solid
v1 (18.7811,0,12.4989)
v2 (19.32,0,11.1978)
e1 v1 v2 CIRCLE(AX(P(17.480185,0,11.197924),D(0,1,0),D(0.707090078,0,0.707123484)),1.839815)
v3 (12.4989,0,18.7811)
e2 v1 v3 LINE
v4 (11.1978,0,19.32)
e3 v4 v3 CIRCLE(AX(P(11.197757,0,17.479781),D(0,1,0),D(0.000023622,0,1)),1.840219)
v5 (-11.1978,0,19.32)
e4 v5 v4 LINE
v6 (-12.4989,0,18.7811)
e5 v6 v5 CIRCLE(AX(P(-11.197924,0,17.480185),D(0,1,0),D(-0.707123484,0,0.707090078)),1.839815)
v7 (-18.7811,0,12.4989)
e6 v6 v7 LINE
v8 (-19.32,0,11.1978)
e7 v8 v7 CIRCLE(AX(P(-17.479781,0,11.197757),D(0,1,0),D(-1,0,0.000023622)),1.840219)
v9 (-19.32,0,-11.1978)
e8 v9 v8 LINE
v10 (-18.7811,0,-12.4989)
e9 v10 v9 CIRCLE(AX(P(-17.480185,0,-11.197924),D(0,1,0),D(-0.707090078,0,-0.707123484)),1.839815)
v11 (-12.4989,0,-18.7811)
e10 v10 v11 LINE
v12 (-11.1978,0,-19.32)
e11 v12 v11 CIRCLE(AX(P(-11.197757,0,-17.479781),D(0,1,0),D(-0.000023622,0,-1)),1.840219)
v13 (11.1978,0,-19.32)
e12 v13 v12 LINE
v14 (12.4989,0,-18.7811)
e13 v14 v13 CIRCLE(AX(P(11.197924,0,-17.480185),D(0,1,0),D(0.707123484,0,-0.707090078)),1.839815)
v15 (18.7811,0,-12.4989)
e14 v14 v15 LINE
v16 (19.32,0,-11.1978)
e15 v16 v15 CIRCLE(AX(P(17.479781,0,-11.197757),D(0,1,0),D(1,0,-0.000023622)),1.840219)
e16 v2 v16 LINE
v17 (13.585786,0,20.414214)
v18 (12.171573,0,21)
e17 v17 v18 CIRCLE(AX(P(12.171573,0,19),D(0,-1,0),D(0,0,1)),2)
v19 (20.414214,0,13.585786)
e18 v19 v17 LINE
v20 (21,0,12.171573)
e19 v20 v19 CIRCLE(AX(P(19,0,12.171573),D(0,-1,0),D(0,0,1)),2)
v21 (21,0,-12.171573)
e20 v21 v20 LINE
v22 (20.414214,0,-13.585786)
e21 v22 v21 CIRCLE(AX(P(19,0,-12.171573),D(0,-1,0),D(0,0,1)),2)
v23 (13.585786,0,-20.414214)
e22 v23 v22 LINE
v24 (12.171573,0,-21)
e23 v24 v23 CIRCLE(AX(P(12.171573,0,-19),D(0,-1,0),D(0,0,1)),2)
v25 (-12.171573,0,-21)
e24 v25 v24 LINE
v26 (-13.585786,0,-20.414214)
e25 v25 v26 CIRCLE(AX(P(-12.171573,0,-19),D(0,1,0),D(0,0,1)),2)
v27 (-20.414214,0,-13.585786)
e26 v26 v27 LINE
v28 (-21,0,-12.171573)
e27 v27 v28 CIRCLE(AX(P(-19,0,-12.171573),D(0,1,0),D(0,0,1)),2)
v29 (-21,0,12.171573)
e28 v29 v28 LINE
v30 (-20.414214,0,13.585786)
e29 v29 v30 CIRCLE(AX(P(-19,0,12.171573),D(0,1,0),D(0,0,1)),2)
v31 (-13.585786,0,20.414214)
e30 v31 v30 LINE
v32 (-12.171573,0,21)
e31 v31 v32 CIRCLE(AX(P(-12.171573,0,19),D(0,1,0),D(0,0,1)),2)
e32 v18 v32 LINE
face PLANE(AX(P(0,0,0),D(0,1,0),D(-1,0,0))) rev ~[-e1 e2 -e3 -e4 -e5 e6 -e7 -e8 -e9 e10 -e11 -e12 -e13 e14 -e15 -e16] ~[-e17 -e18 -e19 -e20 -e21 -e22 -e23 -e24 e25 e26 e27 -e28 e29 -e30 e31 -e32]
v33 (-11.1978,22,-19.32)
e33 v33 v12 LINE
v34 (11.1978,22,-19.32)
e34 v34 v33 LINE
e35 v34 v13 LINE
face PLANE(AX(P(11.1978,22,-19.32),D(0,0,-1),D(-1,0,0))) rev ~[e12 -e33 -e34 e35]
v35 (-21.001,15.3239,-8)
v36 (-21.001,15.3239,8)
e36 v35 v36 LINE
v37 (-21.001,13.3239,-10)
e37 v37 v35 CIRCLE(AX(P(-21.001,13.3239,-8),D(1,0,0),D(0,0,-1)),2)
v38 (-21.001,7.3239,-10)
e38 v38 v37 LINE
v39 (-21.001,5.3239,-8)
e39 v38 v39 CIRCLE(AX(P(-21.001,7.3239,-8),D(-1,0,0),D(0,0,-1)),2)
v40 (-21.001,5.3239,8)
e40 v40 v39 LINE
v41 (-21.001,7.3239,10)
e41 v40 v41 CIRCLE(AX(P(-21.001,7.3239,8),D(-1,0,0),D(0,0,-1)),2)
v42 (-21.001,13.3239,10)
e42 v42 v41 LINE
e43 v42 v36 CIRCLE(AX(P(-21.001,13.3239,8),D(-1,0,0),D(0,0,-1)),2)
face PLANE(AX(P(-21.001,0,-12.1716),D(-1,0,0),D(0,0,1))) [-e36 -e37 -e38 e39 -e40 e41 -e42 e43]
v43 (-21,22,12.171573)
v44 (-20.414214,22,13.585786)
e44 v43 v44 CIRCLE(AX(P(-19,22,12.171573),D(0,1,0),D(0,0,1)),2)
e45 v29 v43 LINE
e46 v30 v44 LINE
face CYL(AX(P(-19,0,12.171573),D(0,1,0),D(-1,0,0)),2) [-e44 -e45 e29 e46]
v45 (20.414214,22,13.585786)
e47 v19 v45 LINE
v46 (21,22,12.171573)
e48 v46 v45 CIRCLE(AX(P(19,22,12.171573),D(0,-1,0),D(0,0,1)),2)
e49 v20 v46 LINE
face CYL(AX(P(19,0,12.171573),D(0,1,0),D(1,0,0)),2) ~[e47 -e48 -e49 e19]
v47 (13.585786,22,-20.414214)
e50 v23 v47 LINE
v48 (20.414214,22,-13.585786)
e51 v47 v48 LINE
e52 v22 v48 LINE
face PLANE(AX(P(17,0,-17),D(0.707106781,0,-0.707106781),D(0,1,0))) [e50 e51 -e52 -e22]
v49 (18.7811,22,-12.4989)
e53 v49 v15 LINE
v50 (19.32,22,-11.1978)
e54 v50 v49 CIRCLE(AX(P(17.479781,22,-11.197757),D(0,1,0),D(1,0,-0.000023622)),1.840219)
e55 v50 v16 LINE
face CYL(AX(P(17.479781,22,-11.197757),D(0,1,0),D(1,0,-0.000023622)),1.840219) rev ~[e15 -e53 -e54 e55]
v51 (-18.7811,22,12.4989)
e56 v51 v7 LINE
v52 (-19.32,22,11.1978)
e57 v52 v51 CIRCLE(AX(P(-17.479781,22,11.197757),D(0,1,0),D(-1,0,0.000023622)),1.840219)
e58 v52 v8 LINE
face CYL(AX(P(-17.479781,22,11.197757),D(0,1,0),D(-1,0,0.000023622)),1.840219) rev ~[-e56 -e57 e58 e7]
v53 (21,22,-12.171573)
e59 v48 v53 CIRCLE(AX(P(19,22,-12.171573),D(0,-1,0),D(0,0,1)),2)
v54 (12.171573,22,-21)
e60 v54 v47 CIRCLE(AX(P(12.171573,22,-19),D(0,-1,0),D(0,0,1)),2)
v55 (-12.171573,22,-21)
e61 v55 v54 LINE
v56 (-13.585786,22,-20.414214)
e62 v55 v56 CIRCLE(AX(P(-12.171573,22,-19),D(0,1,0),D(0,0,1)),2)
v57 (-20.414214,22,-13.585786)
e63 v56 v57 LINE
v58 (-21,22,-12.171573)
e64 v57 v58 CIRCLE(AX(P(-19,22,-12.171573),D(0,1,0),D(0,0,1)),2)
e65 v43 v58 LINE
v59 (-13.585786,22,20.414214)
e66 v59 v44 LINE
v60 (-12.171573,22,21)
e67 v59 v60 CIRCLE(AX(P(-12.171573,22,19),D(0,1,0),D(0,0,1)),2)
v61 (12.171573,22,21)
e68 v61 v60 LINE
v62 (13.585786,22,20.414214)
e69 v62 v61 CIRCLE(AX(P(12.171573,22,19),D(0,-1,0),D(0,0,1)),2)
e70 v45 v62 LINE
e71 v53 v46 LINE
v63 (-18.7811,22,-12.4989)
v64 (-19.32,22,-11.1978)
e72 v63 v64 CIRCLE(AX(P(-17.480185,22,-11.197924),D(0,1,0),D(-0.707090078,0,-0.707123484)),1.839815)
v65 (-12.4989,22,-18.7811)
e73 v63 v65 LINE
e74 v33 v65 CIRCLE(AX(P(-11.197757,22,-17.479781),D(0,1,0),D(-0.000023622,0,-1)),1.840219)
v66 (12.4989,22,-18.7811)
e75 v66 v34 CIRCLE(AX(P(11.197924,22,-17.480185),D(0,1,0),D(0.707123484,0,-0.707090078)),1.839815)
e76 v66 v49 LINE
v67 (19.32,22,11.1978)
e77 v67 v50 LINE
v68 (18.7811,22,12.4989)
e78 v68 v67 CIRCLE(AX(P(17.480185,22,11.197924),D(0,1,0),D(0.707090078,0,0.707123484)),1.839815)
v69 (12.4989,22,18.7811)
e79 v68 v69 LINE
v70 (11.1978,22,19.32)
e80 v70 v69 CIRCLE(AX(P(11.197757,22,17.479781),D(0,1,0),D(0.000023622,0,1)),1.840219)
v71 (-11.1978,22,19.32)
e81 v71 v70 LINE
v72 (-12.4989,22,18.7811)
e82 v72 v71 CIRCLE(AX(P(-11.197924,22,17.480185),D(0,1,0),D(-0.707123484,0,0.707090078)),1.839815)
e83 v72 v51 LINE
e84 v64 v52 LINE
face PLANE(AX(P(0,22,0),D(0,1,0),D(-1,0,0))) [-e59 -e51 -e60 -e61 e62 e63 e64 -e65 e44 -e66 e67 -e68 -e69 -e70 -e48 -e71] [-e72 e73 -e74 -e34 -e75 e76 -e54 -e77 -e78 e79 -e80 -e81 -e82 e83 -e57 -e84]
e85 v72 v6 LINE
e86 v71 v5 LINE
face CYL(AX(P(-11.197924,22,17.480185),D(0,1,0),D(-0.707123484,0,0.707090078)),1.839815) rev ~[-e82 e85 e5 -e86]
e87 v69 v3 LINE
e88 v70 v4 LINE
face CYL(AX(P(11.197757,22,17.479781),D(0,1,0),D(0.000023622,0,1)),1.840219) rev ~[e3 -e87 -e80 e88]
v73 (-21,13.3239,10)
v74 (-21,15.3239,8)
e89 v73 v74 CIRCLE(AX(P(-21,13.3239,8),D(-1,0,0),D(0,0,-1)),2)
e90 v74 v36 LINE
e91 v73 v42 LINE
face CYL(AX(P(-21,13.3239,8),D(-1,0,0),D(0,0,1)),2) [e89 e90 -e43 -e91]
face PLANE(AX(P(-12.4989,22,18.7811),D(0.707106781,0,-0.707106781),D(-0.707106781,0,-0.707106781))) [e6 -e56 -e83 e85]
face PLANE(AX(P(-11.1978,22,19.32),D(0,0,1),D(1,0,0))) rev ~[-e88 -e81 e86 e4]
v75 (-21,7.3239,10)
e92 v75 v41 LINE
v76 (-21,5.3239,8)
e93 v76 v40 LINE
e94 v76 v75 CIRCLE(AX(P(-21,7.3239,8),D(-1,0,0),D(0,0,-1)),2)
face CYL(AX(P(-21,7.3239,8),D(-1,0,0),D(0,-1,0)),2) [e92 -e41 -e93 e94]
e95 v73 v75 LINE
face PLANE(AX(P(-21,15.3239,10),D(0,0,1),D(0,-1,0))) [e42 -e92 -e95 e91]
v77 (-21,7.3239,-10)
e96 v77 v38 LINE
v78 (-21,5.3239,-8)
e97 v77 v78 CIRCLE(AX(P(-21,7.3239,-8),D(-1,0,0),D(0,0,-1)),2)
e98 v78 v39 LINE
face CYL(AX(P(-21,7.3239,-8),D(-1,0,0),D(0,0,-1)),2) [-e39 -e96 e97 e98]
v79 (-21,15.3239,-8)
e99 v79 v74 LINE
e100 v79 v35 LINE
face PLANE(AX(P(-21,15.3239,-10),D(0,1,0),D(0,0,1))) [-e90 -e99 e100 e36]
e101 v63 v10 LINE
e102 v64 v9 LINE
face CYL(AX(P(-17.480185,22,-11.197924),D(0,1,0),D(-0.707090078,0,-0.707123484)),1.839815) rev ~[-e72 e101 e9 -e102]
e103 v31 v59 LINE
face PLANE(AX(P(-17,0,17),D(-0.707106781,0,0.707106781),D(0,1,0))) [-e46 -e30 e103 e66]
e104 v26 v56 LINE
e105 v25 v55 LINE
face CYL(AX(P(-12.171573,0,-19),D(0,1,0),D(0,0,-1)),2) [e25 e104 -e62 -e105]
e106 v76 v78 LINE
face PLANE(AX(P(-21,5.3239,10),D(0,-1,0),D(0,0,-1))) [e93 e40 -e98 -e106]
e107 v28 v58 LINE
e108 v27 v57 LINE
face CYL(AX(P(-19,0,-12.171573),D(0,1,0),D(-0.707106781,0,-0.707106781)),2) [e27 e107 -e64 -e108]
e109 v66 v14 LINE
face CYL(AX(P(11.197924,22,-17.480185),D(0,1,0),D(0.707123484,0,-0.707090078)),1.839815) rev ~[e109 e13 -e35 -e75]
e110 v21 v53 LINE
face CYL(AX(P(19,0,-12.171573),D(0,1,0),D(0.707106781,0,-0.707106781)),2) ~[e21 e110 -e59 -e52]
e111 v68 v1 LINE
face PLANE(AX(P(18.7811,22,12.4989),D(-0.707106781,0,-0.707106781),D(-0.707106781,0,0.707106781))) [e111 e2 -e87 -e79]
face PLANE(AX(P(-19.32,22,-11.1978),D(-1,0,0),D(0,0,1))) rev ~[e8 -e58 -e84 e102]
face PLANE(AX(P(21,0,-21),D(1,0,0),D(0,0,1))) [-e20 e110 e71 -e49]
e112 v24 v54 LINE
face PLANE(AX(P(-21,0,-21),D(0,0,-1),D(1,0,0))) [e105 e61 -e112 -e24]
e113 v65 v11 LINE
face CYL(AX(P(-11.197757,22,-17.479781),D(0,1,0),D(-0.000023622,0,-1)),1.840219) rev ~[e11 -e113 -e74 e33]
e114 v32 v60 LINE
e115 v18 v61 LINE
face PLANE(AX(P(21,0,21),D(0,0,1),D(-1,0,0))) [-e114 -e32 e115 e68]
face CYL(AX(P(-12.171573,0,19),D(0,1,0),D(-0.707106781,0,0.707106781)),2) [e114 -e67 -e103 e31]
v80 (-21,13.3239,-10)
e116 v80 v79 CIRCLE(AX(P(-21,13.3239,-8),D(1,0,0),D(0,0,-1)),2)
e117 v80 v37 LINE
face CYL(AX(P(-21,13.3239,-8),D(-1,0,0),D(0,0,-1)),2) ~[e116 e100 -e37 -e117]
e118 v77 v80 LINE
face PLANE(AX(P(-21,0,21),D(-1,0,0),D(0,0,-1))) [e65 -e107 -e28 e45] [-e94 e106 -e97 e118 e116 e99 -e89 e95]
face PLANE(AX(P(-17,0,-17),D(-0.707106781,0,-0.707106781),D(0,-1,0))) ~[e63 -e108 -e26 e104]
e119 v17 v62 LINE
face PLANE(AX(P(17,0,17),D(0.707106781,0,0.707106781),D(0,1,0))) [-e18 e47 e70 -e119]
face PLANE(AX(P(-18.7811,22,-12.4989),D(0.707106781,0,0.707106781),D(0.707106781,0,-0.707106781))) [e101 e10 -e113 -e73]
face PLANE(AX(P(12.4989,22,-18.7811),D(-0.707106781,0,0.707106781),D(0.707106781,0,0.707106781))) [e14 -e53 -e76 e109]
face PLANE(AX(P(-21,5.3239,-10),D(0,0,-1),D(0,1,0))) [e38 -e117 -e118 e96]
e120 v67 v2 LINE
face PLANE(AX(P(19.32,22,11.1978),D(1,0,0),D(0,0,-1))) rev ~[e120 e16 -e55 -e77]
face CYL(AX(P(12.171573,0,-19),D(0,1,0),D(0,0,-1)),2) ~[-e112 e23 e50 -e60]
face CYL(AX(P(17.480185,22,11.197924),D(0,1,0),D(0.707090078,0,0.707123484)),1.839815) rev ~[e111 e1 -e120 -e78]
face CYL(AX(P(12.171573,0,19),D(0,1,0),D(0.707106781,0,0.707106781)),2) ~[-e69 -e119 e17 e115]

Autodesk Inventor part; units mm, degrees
ref_plane "YZ Plane" through (0, 0, 0) normal (1, 0, 0) x (0, 1, 0)
ref_plane "XZ Plane" through (0, 0, 0) normal (0, 1, 0) x (-1, 0, 0)
ref_plane "XY Plane" through (0, 0, 0) normal (0, 0, 1) x (1, 0, 0)
sketch "Sketch1" plane through (0, 0, 0) normal (0, 1, 0) x (-1, 0, 0)
  line L0 (21, -21) -> (-21, -21)
  line L1 (-21, -21) -> (-21, 21)
  line L2 (-21, 21) -> (21, 21)
  line L3 (21, 21) -> (21, -21)
  line L4 (21, -21) -> (-21, 21) construction
  line L5 (-21, -21) -> (21, 21) construction
  point P0 (0, 0)
  dimension "d0" = 42
  dimension "d1" = 42
extrude "Extrusion1" add sketch "Sketch1" along normal blind 22
chamfer "Chamfer1" distance 8 angle 45 4 edges at (21, 11, 21) (-21, 11, 21) (-21, 11, -21) (21, 11, -21)
fillet "Fillet1" radius 2 8 edges at (-13, 11, -21) (-21, 11, -13) (-21, 11, 13) (-13, 11, 21) (13, 11, 21) (21, 11, 13) (13, 11, -21) (21, 11, -13)
sketch "Sketch4" plane through (0, 22, 0) normal (0, 1, 0) x (1, 0, 0)
  arc A0 (21, 12.1716) -> (20.4142, 13.5858) centre (19, 12.1716) ccw projected
  line L0 (13.5858, 20.4142) -> (20.4142, 13.5858) projected
  arc A1 (13.5858, 20.4142) -> (12.1716, 21) centre (12.1716, 19) ccw projected
  line L1 (12.1716, 21) -> (-12.1716, 21) projected
  arc A2 (-12.1716, 21) -> (-13.5858, 20.4142) centre (-12.1716, 19) ccw projected
  line L2 (-20.4142, 13.5858) -> (-13.5858, 20.4142) projected
  arc A3 (-20.4142, 13.5858) -> (-21, 12.1716) centre (-19, 12.1716) ccw projected
  line L3 (-21, 12.1716) -> (-21, -12.1716) projected
  arc A4 (-21, -12.1716) -> (-20.4142, -13.5858) centre (-19, -12.1716) ccw projected
  line L4 (-13.5858, -20.4142) -> (-20.4142, -13.5858) projected
  arc A5 (-13.5858, -20.4142) -> (-12.1716, -21) centre (-12.1716, -19) ccw projected
  line L5 (-12.1716, -21) -> (12.1716, -21) projected
  arc A6 (12.1716, -21) -> (13.5858, -20.4142) centre (12.1716, -19) ccw projected
  line L6 (20.4142, -13.5858) -> (13.5858, -20.4142) projected
  arc A7 (20.4142, -13.5858) -> (21, -12.1716) centre (19, -12.1716) ccw projected
  line L7 (21, -12.1716) -> (21, 12.1716) projected
  arc A8 (19.32, 11.1978) -> (18.7811, 12.4989) centre (17.48, 11.1978) ccw
  line L8 (12.4989, 18.7811) -> (18.7811, 12.4989)
  arc A9 (12.4989, 18.7811) -> (11.1978, 19.32) centre (11.1978, 17.48) ccw
  line L9 (11.1978, 19.32) -> (-11.1978, 19.32)
  arc A10 (-11.1978, 19.32) -> (-12.4989, 18.7811) centre (-11.1978, 17.48) ccw
  line L10 (-18.7811, 12.4989) -> (-12.4989, 18.7811)
  arc A11 (-18.7811, 12.4989) -> (-19.32, 11.1978) centre (-17.48, 11.1978) ccw
  line L11 (-19.32, 11.1978) -> (-19.32, -11.1978)
  arc A12 (-19.32, -11.1978) -> (-18.7811, -12.4989) centre (-17.48, -11.1978) ccw
  line L12 (-12.4989, -18.7811) -> (-18.7811, -12.4989)
  arc A13 (-12.4989, -18.7811) -> (-11.1978, -19.32) centre (-11.1978, -17.48) ccw
  line L13 (-11.1978, -19.32) -> (11.1978, -19.32)
  arc A14 (11.1978, -19.32) -> (12.4989, -18.7811) centre (11.1978, -17.48) ccw
  line L14 (18.7811, -12.4989) -> (12.4989, -18.7811)
  arc A15 (18.7811, -12.4989) -> (19.32, -11.1978) centre (17.48, -11.1978) ccw
  line L15 (19.32, -11.1978) -> (19.32, 11.1978)
  point P0 (0, 0)
  point P1 (0, 0)
extrude "Extrusion2" cut sketch "Sketch4" against normal up to surface (22 mm away) contours L15 A15 L14 A14 L13 A13 L12 A12 L11 A11 L10 A10 L9 A9 L8 A8
sketch "Sketch5" plane through (-21, 0, -12.1716) normal (-1, 0, 0) x (0, 0, 1)
  line L0 (2.1716, 15.3239) -> (22.1716, 15.3239)
  line L1 (22.1716, 15.3239) -> (22.1716, 5.3239)
  line L2 (22.1716, 5.3239) -> (2.1716, 5.3239)
  line L3 (2.1716, 5.3239) -> (2.1716, 15.3239)
  line L4 (2.1716, 15.3239) -> (22.1716, 5.3239) construction
  line L5 (22.1716, 15.3239) -> (2.1716, 5.3239) construction
  point P0 (12.1716, 0)
  point P1 (12.1716, 10.3239)
  dimension "d18" = 20
  dimension "d19" = 10
  dimension "d20" = 10
extrude "Extrusion3" add sketch "Sketch5" along normal blind 0.001
sketch "Sketch6" plane through (-21.001, 0, -12.1716) normal (-1, 0, 0) x (0, 0, 1)
  line L0 (2.7184, 14.6945) -> (21.7293, 14.6945) construction
  line L1 (21.7293, 14.6945) -> (21.7293, 6.3236) construction
  line L2 (21.7293, 6.3236) -> (2.7184, 6.3236) construction
  line L3 (2.7184, 6.3236) -> (2.7184, 14.6945) construction
  point P0 (12.1716, 0)
fillet "Fillet2" radius 2 4 edges at (-21.0005, 15.3239, -10) (-21.0005, 5.3239, -10) (-21.0005, 5.3239, 10) (-21.0005, 15.3239, 10)
